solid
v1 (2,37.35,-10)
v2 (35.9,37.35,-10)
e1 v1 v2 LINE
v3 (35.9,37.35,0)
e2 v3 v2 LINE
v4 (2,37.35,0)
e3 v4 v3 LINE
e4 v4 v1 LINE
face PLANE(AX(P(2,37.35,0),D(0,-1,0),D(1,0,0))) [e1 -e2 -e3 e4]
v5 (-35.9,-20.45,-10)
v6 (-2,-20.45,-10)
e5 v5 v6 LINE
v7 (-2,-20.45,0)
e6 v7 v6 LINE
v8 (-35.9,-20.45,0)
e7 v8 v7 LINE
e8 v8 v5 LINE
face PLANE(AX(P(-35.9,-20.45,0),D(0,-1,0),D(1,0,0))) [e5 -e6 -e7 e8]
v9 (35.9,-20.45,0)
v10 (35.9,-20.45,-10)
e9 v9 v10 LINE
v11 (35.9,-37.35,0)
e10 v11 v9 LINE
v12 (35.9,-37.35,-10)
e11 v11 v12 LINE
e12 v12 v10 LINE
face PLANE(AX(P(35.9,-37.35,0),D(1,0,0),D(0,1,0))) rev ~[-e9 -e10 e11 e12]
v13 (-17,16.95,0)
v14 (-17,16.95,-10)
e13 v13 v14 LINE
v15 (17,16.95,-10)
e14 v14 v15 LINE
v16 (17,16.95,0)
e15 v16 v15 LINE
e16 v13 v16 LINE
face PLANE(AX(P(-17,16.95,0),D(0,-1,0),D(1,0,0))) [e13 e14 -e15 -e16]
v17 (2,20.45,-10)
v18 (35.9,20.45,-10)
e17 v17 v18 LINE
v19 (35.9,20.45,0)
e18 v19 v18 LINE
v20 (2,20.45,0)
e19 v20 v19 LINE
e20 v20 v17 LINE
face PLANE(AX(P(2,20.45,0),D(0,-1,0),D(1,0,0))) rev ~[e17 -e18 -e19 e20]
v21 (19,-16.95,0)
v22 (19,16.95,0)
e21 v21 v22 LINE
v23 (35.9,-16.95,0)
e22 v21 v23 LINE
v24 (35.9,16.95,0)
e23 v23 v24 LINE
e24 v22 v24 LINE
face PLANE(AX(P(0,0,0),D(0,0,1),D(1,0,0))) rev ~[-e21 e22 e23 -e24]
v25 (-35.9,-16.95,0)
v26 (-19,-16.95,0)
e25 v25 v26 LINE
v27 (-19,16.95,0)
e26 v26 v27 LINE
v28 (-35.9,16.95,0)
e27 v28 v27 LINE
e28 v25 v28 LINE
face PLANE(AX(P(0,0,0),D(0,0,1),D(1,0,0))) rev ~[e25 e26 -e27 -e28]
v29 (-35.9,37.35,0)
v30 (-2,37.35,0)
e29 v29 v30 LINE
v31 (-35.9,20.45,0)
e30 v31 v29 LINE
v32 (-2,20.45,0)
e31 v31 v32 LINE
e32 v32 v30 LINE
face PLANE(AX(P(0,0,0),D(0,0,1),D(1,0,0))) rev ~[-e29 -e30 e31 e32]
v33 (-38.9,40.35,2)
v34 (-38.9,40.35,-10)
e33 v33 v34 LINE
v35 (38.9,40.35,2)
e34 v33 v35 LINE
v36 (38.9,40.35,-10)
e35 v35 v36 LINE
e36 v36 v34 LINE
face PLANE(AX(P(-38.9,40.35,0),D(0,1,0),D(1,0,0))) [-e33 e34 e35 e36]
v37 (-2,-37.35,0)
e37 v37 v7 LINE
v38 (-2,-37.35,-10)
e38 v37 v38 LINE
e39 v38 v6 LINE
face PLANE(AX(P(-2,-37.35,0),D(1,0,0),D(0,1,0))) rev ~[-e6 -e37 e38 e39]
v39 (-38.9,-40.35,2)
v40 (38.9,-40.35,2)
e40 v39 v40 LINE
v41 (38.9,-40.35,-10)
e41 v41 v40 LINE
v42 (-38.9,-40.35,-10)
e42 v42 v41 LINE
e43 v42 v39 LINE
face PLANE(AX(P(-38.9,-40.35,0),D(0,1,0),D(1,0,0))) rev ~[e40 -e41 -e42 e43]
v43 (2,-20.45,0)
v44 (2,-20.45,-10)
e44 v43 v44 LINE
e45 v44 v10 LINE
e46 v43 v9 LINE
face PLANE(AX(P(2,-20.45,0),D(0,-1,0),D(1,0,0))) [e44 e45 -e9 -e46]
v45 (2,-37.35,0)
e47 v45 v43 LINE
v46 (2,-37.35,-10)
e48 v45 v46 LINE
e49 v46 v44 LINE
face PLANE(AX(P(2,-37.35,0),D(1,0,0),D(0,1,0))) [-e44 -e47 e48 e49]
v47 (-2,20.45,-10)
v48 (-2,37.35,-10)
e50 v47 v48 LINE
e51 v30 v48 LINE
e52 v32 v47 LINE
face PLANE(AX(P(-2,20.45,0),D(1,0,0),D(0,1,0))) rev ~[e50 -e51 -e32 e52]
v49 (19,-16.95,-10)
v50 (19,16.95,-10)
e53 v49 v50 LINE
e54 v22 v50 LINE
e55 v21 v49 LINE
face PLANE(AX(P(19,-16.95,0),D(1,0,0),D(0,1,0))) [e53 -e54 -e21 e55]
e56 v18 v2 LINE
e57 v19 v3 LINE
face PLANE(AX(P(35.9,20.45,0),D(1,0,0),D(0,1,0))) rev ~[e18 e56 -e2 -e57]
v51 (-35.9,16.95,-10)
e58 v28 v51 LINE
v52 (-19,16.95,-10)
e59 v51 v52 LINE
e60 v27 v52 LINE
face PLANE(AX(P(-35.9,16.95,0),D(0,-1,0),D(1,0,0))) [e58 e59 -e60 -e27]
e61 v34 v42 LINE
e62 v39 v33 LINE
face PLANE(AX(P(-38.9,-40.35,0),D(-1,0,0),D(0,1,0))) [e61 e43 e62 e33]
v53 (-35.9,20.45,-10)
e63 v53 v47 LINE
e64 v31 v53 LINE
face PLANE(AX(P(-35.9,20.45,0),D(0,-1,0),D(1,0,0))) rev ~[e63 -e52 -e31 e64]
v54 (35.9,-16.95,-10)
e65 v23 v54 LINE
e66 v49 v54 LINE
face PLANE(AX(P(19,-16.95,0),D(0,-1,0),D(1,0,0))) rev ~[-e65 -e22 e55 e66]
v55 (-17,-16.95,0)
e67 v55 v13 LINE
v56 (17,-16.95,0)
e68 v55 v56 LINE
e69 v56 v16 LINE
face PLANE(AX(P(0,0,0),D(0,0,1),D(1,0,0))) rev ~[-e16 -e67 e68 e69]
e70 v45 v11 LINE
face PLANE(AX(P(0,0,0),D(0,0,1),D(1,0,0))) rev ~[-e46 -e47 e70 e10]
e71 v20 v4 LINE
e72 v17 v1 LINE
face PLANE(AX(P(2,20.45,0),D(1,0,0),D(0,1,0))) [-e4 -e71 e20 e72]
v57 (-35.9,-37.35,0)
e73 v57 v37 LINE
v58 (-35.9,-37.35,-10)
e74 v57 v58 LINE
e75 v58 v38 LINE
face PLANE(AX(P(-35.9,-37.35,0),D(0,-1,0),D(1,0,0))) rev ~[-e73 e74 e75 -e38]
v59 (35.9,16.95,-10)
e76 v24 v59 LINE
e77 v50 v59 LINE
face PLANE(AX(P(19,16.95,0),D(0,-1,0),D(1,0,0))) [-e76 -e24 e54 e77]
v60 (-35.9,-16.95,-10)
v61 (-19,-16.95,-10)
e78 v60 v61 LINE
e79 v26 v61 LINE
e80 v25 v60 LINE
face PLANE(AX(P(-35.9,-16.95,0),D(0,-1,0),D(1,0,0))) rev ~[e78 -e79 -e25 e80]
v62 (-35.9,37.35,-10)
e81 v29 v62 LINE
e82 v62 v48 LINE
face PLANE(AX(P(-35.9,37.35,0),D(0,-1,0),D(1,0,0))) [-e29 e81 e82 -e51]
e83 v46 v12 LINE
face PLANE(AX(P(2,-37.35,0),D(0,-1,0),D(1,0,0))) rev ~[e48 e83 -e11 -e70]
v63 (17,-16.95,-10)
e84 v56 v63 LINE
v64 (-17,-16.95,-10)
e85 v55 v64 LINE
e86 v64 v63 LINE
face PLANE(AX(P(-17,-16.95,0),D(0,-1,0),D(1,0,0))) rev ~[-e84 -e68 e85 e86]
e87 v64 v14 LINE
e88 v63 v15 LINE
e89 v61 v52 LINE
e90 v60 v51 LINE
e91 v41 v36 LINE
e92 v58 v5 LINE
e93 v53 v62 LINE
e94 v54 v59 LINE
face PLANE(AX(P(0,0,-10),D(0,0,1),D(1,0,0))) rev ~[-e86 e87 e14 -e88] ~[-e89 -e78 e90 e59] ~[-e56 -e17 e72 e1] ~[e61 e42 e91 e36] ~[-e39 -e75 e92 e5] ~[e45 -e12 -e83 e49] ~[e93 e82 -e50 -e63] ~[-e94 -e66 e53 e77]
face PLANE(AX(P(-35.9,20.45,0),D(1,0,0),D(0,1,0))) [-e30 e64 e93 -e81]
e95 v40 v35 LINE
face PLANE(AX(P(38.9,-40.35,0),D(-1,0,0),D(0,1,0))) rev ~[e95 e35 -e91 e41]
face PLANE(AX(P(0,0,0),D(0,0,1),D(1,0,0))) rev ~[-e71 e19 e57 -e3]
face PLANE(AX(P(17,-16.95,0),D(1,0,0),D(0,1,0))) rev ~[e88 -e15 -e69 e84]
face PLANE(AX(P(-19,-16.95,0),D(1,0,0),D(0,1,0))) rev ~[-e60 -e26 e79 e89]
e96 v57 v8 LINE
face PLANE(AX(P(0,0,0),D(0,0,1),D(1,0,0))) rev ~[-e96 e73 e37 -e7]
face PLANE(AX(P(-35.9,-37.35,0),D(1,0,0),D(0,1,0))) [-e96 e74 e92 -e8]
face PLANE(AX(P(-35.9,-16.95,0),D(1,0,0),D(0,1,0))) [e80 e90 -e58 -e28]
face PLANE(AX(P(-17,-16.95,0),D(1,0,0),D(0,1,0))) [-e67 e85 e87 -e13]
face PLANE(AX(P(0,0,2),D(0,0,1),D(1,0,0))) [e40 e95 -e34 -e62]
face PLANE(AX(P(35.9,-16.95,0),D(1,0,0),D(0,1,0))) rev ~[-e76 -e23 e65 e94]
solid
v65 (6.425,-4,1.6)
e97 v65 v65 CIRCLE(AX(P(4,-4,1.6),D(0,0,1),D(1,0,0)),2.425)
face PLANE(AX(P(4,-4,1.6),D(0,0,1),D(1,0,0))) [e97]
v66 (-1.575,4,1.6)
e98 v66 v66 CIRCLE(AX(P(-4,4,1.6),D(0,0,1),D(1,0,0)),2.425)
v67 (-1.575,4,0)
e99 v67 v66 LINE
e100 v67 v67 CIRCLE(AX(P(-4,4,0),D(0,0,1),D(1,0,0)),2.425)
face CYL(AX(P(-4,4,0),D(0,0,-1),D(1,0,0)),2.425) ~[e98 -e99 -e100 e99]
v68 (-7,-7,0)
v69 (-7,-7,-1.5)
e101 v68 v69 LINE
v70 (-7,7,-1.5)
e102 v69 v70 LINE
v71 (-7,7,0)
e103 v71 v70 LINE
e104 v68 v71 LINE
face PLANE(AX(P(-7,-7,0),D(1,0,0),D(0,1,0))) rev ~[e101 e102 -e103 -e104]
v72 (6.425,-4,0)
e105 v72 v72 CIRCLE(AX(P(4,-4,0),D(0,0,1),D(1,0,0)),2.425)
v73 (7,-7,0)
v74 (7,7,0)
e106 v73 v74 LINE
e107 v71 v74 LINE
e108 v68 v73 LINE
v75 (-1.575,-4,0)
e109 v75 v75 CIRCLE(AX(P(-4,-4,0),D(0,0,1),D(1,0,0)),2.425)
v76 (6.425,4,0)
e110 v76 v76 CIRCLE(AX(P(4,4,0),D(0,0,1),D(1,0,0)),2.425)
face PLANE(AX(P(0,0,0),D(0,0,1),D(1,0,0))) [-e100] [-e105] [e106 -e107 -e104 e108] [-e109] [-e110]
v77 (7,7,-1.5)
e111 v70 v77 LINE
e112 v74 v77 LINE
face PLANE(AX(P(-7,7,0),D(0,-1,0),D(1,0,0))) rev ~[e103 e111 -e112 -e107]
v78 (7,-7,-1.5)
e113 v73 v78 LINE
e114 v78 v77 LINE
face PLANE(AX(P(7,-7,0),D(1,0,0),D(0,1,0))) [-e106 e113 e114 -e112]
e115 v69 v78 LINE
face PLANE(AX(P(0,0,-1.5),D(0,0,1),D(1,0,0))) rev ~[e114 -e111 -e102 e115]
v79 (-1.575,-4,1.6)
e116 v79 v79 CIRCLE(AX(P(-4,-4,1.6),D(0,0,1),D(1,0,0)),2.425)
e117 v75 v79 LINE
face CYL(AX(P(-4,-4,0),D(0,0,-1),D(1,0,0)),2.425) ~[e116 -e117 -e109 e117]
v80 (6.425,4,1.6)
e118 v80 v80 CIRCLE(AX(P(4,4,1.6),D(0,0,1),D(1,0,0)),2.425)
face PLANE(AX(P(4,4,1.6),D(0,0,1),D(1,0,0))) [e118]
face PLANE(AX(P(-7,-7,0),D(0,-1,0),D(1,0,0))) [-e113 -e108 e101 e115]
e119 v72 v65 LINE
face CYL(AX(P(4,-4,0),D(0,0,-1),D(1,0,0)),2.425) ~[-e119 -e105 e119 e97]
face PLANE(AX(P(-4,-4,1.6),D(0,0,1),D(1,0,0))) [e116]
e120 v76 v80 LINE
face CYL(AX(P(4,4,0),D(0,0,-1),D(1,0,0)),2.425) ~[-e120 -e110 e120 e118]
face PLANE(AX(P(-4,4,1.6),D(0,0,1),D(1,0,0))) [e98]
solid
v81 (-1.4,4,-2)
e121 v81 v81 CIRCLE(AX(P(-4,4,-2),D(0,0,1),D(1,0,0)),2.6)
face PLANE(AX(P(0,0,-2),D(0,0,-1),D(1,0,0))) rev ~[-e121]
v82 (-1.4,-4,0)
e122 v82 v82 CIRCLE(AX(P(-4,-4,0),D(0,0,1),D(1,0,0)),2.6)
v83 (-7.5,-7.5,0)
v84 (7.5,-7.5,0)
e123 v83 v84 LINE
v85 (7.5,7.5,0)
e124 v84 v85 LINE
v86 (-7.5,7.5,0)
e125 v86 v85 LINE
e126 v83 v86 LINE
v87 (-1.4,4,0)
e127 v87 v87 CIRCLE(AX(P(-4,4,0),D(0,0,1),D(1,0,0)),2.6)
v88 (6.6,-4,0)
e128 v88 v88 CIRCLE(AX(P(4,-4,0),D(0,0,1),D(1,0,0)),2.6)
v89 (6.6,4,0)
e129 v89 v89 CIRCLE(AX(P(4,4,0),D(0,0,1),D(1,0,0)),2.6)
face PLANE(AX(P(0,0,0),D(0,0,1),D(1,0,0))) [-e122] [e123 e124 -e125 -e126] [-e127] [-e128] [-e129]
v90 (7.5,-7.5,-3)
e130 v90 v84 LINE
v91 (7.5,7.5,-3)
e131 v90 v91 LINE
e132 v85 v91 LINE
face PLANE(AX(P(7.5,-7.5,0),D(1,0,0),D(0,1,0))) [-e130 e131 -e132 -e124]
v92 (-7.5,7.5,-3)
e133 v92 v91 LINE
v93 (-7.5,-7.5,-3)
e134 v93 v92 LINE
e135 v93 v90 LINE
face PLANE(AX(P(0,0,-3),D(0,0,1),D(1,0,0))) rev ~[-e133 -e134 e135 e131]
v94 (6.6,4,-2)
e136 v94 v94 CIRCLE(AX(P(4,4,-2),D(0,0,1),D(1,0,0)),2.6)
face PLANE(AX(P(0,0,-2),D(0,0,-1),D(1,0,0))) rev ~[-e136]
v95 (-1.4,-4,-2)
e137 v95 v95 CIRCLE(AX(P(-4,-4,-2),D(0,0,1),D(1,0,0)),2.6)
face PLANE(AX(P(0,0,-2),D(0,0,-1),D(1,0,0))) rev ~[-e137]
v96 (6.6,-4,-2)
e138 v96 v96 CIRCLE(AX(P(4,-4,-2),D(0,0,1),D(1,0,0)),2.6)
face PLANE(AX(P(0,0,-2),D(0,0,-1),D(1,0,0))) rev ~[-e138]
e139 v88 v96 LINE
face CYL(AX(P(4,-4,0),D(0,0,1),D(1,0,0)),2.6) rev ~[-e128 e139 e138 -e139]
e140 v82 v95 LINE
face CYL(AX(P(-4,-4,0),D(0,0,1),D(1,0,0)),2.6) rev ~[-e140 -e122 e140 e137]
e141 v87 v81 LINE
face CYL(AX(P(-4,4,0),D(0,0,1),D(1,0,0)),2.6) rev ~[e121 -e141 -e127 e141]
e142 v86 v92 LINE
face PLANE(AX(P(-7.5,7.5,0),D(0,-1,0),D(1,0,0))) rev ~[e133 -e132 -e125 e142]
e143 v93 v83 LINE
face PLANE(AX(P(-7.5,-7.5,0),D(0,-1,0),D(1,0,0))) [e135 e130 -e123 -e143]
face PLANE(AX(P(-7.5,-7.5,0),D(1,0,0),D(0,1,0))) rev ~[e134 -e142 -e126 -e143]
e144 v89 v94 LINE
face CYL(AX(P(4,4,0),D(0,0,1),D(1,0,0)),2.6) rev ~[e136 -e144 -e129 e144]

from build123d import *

# Parameters (mm, degrees)
F0_W      = 33.9
F0_H      = 16.9
F0_W_2    = 16.9
F0_H_2    = 33.9
F0_W_3    = 34
F1_DEPTH  = 10
F2_W      = 77.8
F2_H      = 80.7
F3_DEPTH  = 2
F4_R      = 2.425
F5_DEPTH  = 1.6
F6_W      = 14
F6_H      = 14
F7_DEPTH  = 1.5
F8_W      = 15
F8_H      = 15
F8_R      = 2.6
F9_DEPTH  = 3
F10_W     = 15
F10_H     = 15
F11_DEPTH = 1


with BuildPart() as f1:
    # F0 (on Top) → F1 (new body)
    with BuildSketch(Plane.XY):
        Polygon((-38.9, 20.45), (-38.9, -20.45), (-38.9, -37.35), (-38.9, -40.35), (38.9, -40.35), (38.9, -37.35), (38.9, -20.45), (38.9, 20.45), (38.9, 37.35), (38.9, 40.35), (-38.9, 40.35), (-38.9, 37.35), align=None)
        with Locations((-18.95, -28.9)):
            Rectangle(F0_W, F0_H, mode=Mode.SUBTRACT)
        with Locations((-27.45, 0)):
            Rectangle(F0_W_2, F0_H_2, mode=Mode.SUBTRACT)
        with Locations((18.95, -28.9)):
            Rectangle(F0_W, F0_H, mode=Mode.SUBTRACT)
        Rectangle(F0_W_3, F0_H_2, mode=Mode.SUBTRACT)
        with Locations((27.45, 0)):
            Rectangle(F0_W_2, F0_H_2, mode=Mode.SUBTRACT)
        with Locations((-18.95, 28.9)):
            Rectangle(F0_W, F0_H, mode=Mode.SUBTRACT)
        with Locations((18.95, 28.9)):
            Rectangle(F0_W, F0_H, mode=Mode.SUBTRACT)
    extrude(amount=-F1_DEPTH)

    # F2 (on Top) → F3 (join)
    with BuildSketch(Plane.XY):
        Rectangle(F2_W, F2_H)
    extrude(amount=F3_DEPTH)


with BuildPart() as f5:
    # F4 (on Top) → F5 (new body)
    with BuildSketch(Plane.XY):
        with Locations((-4, 4)):
            Circle(F4_R)
    extrude(amount=F5_DEPTH)



with BuildPart() as f5b:
    # F4 (on Top) → F5, piece 2 (new body)
    with BuildSketch(Plane.XY):
        with Locations((4, 4)):
            Circle(F4_R)
    extrude(amount=F5_DEPTH)


with BuildPart() as f5c:
    # F4 (on Top) → F5, piece 3 (new body)
    with BuildSketch(Plane.XY):
        with Locations((-4, -4)):
            Circle(F4_R)
    extrude(amount=F5_DEPTH)


with BuildPart() as f5d:
    # F4 (on Top) → F5, piece 4 (new body)
    with BuildSketch(Plane.XY):
        with Locations((4, -4)):
            Circle(F4_R)
    extrude(amount=F5_DEPTH)


with BuildPart() as f5_1:
    add(f5.part)

    add(f5b.part)  # F7 merges F5b

    add(f5c.part)  # F7 merges F5c

    add(f5d.part)  # F7 merges F5d
    # F6 (on Top) → F7 (join)
    with BuildSketch(Plane.XY):
        Rectangle(F6_W, F6_H)
    extrude(amount=-F7_DEPTH)


with BuildPart() as f9:
    # F8 (on Top) → F9 (new body)
    with BuildSketch(Plane.XY):
        Rectangle(F8_W, F8_H)
        with Locations((-4, -4)):
            Circle(F8_R, mode=Mode.SUBTRACT)
        with Locations((4, -4)):
            Circle(F8_R, mode=Mode.SUBTRACT)
        with Locations((-4, 4)):
            Circle(F8_R, mode=Mode.SUBTRACT)
        with Locations((4, 4)):
            Circle(F8_R, mode=Mode.SUBTRACT)
    extrude(amount=-F9_DEPTH)

    # F10 (on face) → F11 (join)
    with BuildSketch(Plane(origin=(0, 0, -3), x_dir=(1, 0, 0), z_dir=(0, 0, -1))):
        Rectangle(F10_W, F10_H)
    extrude(amount=-F11_DEPTH)


solid = Compound([f1.part, f5_1.part, f9.part])
